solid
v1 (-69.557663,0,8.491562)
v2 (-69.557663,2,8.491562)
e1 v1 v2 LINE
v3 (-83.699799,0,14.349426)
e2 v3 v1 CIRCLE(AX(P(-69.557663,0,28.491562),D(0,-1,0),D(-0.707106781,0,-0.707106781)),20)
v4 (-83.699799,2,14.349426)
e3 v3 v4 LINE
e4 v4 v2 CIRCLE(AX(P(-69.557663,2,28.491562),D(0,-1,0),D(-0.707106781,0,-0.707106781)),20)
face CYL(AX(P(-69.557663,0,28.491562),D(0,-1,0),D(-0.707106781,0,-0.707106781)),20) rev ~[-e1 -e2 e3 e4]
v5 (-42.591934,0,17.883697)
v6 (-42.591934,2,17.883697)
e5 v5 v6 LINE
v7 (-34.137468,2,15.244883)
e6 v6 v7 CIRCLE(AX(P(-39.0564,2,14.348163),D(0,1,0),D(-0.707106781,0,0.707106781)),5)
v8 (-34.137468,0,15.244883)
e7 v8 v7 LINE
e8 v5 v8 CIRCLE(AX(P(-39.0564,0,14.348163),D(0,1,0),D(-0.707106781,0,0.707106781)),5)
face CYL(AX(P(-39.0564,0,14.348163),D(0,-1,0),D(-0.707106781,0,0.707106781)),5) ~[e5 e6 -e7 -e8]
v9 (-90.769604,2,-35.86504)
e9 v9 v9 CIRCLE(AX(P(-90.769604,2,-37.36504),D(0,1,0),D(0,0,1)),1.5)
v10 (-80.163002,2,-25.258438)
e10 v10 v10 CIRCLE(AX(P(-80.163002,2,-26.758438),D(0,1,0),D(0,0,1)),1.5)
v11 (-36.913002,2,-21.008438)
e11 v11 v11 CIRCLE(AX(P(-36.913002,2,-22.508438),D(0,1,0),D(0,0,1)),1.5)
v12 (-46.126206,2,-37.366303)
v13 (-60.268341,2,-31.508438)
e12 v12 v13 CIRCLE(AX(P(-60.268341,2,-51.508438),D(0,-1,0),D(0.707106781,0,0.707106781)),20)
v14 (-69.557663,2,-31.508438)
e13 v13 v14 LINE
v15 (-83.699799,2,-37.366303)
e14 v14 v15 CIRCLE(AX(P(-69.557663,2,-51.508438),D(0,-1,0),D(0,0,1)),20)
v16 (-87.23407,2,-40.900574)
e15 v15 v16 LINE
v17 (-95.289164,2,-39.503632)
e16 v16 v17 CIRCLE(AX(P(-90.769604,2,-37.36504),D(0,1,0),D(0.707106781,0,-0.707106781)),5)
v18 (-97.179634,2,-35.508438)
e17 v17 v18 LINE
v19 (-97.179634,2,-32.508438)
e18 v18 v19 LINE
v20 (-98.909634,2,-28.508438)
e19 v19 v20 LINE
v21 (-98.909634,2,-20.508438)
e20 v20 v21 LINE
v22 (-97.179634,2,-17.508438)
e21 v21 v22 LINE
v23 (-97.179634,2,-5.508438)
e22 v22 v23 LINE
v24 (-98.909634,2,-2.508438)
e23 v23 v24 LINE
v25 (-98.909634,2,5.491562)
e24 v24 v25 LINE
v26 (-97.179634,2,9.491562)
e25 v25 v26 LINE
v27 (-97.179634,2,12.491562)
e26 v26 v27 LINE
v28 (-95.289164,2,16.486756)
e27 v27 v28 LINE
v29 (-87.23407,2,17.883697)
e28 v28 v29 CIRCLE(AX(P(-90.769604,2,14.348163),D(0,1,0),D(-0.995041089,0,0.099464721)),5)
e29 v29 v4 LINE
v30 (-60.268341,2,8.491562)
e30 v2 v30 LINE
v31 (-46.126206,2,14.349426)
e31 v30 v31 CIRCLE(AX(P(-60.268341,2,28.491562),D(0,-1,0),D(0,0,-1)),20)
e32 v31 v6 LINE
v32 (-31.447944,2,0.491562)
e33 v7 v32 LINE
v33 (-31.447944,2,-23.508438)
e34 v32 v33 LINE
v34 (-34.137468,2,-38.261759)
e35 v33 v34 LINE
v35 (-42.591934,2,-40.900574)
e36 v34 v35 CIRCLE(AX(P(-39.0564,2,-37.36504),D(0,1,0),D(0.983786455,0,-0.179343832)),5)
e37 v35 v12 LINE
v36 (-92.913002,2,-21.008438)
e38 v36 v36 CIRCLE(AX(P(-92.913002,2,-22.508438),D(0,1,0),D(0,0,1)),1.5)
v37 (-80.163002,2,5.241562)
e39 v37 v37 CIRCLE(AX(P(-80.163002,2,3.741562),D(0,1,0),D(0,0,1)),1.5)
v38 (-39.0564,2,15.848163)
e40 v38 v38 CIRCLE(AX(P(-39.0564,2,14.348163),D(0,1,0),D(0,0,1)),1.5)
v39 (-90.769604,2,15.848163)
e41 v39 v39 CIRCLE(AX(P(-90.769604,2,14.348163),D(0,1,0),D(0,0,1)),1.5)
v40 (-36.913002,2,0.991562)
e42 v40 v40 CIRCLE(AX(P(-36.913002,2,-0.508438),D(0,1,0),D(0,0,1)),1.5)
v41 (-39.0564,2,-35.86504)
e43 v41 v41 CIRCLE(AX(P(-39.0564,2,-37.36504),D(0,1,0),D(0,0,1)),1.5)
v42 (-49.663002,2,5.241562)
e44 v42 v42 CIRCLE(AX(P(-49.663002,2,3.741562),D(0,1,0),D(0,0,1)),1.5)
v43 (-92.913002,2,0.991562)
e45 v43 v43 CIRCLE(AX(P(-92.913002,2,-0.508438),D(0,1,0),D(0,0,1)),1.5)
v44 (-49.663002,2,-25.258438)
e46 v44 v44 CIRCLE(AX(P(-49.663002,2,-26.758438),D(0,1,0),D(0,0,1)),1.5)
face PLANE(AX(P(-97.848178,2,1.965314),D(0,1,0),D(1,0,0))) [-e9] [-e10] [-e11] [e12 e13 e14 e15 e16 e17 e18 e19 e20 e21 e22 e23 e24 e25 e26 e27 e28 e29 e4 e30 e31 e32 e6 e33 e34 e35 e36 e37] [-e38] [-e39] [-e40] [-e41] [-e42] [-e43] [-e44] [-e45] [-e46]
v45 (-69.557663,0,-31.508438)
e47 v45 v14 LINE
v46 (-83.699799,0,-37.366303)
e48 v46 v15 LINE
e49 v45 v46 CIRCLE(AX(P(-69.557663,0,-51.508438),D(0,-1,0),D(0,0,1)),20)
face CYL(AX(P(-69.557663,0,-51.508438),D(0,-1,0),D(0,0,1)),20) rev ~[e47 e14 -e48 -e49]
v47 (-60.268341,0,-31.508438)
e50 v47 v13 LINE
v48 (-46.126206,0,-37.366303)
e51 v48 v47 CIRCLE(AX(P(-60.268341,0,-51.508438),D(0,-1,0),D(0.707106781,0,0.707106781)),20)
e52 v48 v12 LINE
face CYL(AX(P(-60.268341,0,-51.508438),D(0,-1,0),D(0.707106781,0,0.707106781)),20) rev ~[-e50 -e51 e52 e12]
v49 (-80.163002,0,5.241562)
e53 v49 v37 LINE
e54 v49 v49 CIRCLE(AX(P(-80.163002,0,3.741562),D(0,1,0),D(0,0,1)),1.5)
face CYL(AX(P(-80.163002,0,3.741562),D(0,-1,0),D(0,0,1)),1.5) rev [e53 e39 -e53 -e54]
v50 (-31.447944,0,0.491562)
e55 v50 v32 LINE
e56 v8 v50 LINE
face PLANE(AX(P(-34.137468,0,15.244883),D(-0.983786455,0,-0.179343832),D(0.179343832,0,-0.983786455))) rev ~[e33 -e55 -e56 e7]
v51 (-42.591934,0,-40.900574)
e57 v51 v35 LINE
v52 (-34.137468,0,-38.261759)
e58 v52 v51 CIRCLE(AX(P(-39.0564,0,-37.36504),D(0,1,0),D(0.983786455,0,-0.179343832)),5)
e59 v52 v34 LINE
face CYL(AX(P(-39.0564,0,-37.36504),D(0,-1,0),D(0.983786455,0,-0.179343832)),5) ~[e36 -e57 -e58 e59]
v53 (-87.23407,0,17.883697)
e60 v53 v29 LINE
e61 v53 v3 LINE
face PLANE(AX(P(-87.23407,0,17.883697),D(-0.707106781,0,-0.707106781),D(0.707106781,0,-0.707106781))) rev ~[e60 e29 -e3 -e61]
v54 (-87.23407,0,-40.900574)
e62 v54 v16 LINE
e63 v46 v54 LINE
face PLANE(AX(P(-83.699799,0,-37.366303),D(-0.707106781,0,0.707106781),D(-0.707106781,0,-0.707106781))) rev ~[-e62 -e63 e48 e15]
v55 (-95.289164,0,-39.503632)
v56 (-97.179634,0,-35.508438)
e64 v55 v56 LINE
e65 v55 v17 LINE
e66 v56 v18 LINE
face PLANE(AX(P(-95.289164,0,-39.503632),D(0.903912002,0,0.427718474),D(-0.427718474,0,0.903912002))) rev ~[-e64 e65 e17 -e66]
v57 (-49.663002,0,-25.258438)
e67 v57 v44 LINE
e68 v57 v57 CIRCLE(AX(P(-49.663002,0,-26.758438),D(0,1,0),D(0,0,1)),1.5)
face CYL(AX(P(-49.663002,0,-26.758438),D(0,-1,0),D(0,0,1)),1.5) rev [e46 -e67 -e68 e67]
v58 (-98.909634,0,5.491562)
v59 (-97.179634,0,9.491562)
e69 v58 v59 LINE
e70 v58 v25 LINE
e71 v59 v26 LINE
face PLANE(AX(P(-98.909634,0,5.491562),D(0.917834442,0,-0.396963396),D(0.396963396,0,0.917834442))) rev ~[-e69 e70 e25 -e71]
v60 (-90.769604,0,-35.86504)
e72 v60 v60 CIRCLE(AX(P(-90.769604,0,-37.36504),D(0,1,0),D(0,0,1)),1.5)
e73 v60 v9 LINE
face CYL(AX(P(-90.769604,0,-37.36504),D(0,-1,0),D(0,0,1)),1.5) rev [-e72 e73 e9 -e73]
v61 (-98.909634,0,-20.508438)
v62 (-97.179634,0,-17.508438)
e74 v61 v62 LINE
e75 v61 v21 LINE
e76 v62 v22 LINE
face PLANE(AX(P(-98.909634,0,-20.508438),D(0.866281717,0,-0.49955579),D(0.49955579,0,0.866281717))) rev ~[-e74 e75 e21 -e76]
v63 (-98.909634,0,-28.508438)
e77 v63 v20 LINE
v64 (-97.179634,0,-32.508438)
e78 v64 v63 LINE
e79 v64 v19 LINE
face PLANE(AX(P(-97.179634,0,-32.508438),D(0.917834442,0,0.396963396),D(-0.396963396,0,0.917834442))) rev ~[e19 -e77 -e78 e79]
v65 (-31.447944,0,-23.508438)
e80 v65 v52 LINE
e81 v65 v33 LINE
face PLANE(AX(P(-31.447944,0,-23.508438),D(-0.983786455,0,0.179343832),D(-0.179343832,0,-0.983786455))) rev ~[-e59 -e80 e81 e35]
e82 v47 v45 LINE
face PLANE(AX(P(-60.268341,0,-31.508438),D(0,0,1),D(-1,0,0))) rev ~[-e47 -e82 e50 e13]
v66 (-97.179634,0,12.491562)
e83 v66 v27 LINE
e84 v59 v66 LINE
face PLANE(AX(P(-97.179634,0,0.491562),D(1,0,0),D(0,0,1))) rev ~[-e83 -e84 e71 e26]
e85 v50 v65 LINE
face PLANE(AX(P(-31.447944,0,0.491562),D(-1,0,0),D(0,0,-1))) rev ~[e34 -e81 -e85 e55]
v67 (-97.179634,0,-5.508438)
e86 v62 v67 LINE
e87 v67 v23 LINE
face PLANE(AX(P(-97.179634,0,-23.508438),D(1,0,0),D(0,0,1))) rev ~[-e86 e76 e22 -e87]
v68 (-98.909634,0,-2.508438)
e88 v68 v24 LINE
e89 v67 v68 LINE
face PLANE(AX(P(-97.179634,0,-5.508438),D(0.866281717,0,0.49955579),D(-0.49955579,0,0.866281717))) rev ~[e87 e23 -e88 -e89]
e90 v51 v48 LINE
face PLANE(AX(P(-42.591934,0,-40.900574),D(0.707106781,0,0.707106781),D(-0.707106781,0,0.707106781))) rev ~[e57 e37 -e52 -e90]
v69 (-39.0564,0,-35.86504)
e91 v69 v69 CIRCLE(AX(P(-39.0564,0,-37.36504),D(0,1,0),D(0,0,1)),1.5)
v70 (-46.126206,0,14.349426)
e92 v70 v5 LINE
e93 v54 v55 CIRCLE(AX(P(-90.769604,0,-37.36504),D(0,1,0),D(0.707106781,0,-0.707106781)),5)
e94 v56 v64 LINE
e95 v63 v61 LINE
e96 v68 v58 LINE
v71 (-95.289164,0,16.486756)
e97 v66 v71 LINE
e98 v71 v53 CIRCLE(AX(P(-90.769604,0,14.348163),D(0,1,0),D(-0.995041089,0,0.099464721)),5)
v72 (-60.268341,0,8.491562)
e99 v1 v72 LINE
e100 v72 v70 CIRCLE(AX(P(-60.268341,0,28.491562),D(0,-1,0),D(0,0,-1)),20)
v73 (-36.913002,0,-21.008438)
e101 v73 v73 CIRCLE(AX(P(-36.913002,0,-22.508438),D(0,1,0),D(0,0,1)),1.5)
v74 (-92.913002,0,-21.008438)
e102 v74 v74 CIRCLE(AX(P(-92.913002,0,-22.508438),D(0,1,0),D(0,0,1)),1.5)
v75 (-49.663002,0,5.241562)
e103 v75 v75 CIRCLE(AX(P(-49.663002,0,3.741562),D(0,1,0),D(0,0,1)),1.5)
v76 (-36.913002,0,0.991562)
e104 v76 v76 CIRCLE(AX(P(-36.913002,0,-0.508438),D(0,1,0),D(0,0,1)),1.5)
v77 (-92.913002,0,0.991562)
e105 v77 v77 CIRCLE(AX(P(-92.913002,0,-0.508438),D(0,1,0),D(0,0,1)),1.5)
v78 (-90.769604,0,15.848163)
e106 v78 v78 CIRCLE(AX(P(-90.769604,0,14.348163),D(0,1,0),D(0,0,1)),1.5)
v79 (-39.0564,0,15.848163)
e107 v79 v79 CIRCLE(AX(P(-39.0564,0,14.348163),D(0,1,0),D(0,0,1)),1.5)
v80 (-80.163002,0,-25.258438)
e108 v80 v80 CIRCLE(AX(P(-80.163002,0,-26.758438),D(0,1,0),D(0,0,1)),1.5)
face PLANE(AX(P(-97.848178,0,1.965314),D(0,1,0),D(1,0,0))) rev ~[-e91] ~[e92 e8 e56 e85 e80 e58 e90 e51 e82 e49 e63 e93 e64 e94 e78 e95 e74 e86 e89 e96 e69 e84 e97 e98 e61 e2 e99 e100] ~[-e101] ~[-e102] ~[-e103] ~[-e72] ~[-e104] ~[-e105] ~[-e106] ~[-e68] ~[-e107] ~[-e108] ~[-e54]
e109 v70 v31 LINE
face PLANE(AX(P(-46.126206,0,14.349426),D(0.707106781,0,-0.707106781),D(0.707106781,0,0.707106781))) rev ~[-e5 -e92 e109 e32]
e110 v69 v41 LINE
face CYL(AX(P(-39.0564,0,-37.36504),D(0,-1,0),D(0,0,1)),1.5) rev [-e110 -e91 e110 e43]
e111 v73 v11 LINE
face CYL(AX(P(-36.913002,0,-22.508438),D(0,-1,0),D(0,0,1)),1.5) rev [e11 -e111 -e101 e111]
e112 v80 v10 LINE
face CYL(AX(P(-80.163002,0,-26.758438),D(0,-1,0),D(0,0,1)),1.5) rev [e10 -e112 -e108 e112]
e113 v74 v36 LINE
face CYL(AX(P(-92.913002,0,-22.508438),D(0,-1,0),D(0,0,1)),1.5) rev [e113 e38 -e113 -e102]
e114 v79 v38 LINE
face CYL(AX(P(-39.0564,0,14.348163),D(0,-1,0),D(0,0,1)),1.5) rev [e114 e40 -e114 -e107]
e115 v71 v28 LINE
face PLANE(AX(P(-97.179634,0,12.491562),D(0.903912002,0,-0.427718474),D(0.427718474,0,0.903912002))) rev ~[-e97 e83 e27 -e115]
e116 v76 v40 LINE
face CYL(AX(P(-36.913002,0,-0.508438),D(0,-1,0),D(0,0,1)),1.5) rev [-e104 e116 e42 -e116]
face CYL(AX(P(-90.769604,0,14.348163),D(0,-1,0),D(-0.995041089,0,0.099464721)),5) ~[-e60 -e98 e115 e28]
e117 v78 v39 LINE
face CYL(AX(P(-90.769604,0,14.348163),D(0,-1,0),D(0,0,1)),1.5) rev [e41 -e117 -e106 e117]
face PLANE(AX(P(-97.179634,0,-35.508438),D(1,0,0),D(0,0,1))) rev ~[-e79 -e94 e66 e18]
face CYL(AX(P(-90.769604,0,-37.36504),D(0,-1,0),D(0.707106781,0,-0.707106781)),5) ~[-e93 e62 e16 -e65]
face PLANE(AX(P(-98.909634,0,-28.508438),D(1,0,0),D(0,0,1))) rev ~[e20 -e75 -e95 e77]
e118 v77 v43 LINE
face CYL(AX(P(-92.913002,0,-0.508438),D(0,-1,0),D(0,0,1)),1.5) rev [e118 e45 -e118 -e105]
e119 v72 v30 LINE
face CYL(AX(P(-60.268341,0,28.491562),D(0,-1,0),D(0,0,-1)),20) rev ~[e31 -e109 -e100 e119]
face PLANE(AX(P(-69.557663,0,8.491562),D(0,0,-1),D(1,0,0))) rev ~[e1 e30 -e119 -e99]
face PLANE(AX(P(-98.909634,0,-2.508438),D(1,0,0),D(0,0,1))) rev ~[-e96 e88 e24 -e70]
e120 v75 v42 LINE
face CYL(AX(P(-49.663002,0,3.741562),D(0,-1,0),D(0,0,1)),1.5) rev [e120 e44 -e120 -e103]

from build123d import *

# Parameters (mm, degrees)
SKETCH1_R           = 1.5
BOSS_EXTRUDE1_DEPTH = 2


with BuildPart() as part:
    # Sketch1 → Boss-Extrude1 (new body)
    # profile 1 of 5: a face of its own
    with BuildSketch(Plane(origin=(0, 0, 0), x_dir=(1, 0, 0), z_dir=(0, 1, 0))):
        with BuildLine():
            Line((-46.126205575, -14.349426059), (-42.591934327, -17.883697307))
            ThreePointArc((-42.591934327, -17.883697307), (-37.566674414, -19.121078278), (-34.137468144, -15.244882561))
            Line((-34.137468144, -15.244882561), (-31.447944327, -0.491561683))
            Line((-31.447944327, -0.491561683), (-31.447944327, 23.508438317))
            Line((-31.447944327, 23.508438317), (-34.137468144, 38.261759196))
            ThreePointArc((-34.137468144, 38.261759196), (-37.566674414, 42.137954912), (-42.591934327, 40.900573941))
            Line((-42.591934327, 40.900573941), (-46.126205575, 37.366302693))
            ThreePointArc((-46.126205575, 37.366302693), (-52.614672551, 33.030847667), (-60.268341199, 31.508438317))
            Line((-60.268341199, 31.508438317), (-69.55766308, 31.508438317))
            ThreePointArc((-69.55766308, 31.508438317), (-77.211331727, 33.030847667), (-83.699798704, 37.366302693))
            Line((-83.699798704, 37.366302693), (-87.234069951, 40.900573941))
            ThreePointArc((-87.234069951, 40.900573941), (-92.450628543, 42.073984291), (-95.744809303, 37.862363639))
            Line((-95.744809303, 37.862363639), (-97.179633644, 23.508438317))
            Line((-97.179633644, 23.508438317), (-97.179633644, -0.491561683))
            Line((-97.179633644, -0.491561683), (-95.744809303, -14.845487005))
            ThreePointArc((-95.744809303, -14.845487005), (-92.450628543, -19.057107657), (-87.234069951, -17.883697307))
            Line((-87.234069951, -17.883697307), (-83.699798704, -14.349426059))
            ThreePointArc((-83.699798704, -14.349426059), (-77.211331727, -10.013971033), (-69.55766308, -8.491561683))
            Line((-69.55766308, -8.491561683), (-60.268341199, -8.491561683))
            ThreePointArc((-60.268341199, -8.491561683), (-52.614672551, -10.013971033), (-46.126205575, -14.349426059))
        make_face()
        with Locations(Location((-39.056400421, -14.348163401, 0), (0, 0, 270))):
            Circle(SKETCH1_R, mode=Mode.SUBTRACT)
        with Locations(Location((-39.056400421, 37.365040035, 0), (0, 0, 270))):
            Circle(SKETCH1_R, mode=Mode.SUBTRACT)
        with Locations(Location((-90.769603857, -14.348163401, 0), (0, 0, 270))):
            Circle(SKETCH1_R, mode=Mode.SUBTRACT)
        with Locations(Location((-49.663002139, -3.741561683, 0), (0, 0, 270))):
            Circle(SKETCH1_R, mode=Mode.SUBTRACT)
        with Locations(Location((-80.163002139, -3.741561683, 0), (0, 0, 270))):
            Circle(SKETCH1_R, mode=Mode.SUBTRACT)
        with Locations(Location((-80.163002139, 26.758438317, 0), (0, 0, 270))):
            Circle(SKETCH1_R, mode=Mode.SUBTRACT)
        with Locations(Location((-49.663002139, 26.758438317, 0), (0, 0, 270))):
            Circle(SKETCH1_R, mode=Mode.SUBTRACT)
        with Locations(Location((-36.913002139, 22.508438317, 0), (0, 0, 270))):
            Circle(SKETCH1_R, mode=Mode.SUBTRACT)
        with Locations(Location((-36.913002139, 0.508438317, 0), (0, 0, 270))):
            Circle(SKETCH1_R, mode=Mode.SUBTRACT)
        with Locations(Location((-92.913002139, 0.508438317, 0), (0, 0, 270))):
            Circle(SKETCH1_R, mode=Mode.SUBTRACT)
        with Locations(Location((-92.913002139, 22.508438317, 0), (0, 0, 270))):
            Circle(SKETCH1_R, mode=Mode.SUBTRACT)
        with Locations(Location((-90.769603857, 37.365040035, 0), (0, 0, 270))):
            Circle(SKETCH1_R, mode=Mode.SUBTRACT)
    # profile 2 of 5: a face of its own
    with BuildSketch(Plane(origin=(0, 0, 0), x_dir=(1, 0, 0), z_dir=(0, 1, 0))):
        with BuildLine():
            Line((-95.744809303, -14.845487005), (-97.179633644, -0.491561683))
            Line((-97.179633644, -0.491561683), (-97.179633644, -9.491561683))
            Line((-97.179633644, -9.491561683), (-97.179633644, -12.491561683))
            Line((-97.179633644, -12.491561683), (-95.289163865, -16.486755774))
            ThreePointArc((-95.289163865, -16.486755774), (-95.5873921, -15.685667214), (-95.744809303, -14.845487005))
        make_face()
    # profile 3 of 5: a face of its own
    with BuildSketch(Plane(origin=(0, 0, 0), x_dir=(1, 0, 0), z_dir=(0, 1, 0))):
        with BuildLine():
            Line((-97.179633644, 23.508438317), (-95.744809303, 37.862363639))
            ThreePointArc((-95.744809303, 37.862363639), (-95.5873921, 38.702543848), (-95.289163865, 39.503632408))
            Line((-95.289163865, 39.503632408), (-97.179633644, 35.508438317))
            Line((-97.179633644, 35.508438317), (-97.179633644, 32.508438317))
            Line((-97.179633644, 32.508438317), (-97.179633644, 23.508438317))
        make_face()
    # profile 4 of 5: a face of its own
    with BuildSketch(Plane(origin=(0, 0, 0), x_dir=(1, 0, 0), z_dir=(0, 1, 0))):
        Polygon((-97.179633644, 17.508438317), (-97.179633644, 23.508438317), (-97.179633644, 32.508438317), (-98.909633644, 28.508438317), (-98.909633644, 20.508438317), align=None)
    # profile 5 of 5: a face of its own
    with BuildSketch(Plane(origin=(0, 0, 0), x_dir=(1, 0, 0), z_dir=(0, 1, 0))):
        Polygon((-97.179633644, -0.491561683), (-97.179633644, 5.508438317), (-98.909633644, 2.508438317), (-98.909633644, -5.491561683), (-97.179633644, -9.491561683), align=None)
    extrude(amount=BOSS_EXTRUDE1_DEPTH)


solid = part.part
